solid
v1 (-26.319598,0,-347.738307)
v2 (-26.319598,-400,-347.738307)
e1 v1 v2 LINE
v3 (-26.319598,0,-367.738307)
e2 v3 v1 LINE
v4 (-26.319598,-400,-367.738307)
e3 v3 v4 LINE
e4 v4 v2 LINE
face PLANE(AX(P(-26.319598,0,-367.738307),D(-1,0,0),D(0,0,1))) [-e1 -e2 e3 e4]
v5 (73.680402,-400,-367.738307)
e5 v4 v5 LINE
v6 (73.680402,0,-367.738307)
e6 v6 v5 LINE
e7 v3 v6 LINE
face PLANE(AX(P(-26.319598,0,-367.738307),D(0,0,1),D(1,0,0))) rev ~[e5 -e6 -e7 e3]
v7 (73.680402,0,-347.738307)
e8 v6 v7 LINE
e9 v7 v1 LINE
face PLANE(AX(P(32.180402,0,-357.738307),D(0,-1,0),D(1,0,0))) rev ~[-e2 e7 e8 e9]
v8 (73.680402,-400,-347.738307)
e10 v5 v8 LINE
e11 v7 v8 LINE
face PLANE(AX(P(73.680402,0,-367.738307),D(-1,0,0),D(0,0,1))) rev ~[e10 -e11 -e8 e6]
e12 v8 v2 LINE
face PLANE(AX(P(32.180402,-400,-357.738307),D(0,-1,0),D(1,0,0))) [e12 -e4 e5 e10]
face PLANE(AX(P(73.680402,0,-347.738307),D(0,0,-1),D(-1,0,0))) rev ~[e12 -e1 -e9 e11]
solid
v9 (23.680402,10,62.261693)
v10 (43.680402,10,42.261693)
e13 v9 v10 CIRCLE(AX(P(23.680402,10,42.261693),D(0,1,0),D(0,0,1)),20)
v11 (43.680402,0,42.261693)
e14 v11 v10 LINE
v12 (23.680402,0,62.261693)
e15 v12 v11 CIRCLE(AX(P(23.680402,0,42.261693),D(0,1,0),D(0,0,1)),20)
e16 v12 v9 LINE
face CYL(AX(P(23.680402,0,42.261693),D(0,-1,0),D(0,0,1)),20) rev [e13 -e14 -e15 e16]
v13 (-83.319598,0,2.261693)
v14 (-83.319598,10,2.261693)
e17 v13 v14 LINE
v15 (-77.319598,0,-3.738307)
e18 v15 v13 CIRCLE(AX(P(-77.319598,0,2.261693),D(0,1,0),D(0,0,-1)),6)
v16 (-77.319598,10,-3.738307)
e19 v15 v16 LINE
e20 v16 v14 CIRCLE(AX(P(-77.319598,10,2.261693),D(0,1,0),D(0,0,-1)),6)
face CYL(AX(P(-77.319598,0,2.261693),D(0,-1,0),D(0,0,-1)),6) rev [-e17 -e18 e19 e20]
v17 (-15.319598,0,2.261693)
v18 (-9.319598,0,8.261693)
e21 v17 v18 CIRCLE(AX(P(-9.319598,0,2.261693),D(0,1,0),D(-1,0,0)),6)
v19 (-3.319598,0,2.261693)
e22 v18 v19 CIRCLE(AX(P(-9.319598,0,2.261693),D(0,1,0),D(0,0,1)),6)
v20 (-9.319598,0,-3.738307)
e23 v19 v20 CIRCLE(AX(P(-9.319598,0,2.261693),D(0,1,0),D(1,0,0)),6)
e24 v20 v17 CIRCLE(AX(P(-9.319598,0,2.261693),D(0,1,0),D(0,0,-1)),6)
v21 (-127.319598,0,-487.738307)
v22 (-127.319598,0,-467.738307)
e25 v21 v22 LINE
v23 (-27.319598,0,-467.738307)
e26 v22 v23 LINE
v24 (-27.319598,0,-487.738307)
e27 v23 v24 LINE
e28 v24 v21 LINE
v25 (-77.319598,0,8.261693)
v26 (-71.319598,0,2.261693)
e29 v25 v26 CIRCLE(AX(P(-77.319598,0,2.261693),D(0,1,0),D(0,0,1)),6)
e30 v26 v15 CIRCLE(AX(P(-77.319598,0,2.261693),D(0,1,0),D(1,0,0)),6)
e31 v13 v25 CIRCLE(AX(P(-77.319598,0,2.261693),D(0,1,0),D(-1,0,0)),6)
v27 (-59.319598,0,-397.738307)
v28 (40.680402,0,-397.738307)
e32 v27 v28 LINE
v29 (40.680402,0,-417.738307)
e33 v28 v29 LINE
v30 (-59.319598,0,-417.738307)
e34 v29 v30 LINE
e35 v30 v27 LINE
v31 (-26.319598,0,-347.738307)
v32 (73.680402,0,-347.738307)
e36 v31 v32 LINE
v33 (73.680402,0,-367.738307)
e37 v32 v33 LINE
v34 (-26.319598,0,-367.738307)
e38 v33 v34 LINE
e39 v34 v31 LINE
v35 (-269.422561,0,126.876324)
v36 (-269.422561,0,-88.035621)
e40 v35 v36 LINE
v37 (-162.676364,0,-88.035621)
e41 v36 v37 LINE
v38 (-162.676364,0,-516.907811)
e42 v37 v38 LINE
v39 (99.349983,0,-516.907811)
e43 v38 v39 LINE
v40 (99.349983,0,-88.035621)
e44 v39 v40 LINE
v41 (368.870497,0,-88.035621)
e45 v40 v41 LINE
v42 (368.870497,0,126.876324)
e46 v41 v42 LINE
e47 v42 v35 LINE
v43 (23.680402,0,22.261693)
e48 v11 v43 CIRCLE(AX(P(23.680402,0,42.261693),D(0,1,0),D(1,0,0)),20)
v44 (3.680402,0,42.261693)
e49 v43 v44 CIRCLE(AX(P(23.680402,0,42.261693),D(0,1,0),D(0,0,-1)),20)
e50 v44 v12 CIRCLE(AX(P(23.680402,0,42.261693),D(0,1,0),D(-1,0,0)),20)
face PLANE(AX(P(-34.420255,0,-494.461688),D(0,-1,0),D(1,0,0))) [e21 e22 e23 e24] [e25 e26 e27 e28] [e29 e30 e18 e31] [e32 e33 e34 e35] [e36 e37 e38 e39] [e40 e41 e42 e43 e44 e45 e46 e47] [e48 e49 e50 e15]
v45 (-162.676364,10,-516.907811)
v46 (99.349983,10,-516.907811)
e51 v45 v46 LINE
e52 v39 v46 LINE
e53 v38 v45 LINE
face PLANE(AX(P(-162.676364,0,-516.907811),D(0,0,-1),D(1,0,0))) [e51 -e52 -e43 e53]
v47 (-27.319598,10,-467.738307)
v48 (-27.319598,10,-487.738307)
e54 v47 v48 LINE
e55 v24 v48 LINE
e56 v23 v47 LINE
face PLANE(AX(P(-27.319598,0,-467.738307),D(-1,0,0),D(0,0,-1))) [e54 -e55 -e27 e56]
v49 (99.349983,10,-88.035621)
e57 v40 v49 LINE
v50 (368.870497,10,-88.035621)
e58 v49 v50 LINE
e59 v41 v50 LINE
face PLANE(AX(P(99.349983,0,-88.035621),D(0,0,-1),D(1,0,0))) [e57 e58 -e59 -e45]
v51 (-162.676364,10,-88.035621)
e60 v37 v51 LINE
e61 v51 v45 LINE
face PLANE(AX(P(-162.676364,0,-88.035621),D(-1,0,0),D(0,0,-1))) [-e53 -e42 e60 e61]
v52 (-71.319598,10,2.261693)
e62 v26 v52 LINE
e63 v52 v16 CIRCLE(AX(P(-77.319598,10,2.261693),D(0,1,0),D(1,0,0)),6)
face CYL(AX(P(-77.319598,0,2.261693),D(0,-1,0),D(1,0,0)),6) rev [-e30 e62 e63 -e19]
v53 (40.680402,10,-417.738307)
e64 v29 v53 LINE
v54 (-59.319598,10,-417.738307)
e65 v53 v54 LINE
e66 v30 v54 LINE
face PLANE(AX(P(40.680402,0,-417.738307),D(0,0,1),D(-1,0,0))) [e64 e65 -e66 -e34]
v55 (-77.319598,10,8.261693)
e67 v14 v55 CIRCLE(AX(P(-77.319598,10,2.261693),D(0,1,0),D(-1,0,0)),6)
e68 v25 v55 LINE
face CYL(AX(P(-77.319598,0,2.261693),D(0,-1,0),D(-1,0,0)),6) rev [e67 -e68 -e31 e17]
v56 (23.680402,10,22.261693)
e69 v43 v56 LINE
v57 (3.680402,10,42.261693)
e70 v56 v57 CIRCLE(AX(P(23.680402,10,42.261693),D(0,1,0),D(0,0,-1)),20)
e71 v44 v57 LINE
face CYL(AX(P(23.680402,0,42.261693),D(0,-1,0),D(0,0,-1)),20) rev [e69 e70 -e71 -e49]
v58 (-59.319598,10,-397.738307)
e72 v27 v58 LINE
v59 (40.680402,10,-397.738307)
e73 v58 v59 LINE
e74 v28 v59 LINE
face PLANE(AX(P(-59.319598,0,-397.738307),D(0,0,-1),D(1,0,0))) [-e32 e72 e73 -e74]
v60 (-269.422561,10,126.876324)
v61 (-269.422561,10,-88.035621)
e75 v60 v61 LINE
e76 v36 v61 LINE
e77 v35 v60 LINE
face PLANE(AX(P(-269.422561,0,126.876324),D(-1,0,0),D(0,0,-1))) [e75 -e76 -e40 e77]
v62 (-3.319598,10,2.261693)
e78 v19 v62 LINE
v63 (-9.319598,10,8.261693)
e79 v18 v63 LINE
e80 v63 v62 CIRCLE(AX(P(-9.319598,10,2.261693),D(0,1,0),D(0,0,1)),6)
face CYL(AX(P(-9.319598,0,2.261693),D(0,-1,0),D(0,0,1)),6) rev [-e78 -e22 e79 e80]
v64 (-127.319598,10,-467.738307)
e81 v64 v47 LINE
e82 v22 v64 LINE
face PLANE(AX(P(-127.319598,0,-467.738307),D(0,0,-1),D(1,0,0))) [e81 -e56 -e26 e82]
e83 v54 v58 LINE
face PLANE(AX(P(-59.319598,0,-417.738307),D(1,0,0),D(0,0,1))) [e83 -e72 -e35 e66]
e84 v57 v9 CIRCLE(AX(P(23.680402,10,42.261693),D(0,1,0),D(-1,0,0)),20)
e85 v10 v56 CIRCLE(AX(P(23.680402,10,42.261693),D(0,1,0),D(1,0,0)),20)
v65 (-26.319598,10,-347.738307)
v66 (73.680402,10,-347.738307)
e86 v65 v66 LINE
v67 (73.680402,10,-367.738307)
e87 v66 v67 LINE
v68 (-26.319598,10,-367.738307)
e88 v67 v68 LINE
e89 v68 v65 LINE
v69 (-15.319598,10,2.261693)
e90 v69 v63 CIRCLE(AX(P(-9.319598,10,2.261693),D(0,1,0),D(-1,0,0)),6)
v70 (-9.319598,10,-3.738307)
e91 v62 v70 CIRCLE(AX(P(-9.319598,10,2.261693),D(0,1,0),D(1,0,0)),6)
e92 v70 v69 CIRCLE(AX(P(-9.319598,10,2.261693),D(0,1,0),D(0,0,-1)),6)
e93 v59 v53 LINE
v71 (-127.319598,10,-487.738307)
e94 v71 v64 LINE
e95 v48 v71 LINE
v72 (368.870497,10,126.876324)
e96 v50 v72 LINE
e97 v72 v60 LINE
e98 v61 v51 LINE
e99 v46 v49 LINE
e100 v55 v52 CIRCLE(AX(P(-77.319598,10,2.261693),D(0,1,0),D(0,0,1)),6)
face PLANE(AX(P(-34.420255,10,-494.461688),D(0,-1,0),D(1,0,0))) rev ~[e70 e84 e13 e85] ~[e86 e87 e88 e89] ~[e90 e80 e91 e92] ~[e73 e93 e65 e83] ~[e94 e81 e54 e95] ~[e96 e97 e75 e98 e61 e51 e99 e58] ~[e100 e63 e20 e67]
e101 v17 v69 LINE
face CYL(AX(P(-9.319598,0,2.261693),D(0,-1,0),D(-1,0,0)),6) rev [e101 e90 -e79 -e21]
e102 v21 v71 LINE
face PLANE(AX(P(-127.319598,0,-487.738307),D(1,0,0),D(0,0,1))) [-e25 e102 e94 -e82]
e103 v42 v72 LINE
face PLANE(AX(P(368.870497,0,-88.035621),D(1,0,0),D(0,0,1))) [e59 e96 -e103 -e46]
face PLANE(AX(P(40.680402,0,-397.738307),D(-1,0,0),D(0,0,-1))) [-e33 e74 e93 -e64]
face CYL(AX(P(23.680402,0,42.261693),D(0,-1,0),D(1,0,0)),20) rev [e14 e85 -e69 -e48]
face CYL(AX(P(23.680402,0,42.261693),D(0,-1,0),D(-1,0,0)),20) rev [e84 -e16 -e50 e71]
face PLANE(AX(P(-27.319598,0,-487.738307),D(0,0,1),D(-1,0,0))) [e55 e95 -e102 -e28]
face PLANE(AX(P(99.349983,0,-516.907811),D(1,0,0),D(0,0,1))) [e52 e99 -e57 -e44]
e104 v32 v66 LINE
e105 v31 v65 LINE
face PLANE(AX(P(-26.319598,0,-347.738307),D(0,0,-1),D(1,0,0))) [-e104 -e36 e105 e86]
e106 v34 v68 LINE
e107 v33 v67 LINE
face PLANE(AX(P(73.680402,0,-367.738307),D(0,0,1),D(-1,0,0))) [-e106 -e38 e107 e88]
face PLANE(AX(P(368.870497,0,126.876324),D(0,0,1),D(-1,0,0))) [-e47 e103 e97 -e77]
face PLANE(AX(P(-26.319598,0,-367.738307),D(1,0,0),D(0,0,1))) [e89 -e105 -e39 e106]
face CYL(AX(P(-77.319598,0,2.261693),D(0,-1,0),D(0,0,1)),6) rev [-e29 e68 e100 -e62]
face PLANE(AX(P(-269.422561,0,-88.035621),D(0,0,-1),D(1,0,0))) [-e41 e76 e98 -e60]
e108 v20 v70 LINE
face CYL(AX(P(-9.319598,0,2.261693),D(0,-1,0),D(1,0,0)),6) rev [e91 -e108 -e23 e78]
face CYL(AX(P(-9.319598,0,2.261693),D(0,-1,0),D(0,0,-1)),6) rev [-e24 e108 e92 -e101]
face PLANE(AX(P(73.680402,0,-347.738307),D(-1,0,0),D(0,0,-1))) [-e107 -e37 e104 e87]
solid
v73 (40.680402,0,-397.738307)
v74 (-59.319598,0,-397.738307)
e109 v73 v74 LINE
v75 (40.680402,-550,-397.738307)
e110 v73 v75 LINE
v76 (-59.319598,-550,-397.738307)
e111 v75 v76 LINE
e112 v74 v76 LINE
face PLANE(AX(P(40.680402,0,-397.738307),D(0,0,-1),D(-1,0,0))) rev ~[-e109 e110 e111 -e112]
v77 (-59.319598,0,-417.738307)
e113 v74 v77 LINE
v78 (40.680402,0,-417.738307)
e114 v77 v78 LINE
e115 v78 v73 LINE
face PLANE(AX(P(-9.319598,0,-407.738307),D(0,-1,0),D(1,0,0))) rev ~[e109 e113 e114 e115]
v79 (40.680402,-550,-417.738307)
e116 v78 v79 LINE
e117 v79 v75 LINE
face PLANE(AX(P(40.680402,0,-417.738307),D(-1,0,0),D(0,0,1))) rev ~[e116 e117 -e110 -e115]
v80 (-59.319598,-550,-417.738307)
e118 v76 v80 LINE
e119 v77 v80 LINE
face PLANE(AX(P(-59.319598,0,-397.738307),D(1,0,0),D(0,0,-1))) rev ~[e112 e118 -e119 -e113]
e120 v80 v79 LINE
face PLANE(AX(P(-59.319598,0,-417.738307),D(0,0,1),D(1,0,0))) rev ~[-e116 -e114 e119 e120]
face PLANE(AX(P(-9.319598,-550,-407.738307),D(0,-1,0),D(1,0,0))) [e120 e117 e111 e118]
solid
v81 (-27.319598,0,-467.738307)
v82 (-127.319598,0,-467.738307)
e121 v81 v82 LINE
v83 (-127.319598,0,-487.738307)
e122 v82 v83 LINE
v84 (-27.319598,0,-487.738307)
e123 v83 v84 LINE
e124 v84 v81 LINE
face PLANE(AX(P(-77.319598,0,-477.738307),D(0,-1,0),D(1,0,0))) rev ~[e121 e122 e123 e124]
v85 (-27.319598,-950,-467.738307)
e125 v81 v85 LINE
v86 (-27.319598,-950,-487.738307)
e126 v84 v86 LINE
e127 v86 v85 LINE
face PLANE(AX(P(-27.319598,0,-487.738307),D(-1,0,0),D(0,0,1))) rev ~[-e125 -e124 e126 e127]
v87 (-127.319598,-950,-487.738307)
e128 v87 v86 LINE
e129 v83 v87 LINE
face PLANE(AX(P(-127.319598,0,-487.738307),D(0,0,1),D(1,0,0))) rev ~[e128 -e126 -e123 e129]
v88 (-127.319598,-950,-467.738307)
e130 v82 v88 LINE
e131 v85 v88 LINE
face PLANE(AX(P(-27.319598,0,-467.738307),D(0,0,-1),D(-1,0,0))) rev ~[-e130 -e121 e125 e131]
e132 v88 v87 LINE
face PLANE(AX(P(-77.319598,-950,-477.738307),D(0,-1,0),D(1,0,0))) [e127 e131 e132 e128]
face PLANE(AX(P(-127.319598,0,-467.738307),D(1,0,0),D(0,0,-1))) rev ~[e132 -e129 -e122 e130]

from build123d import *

# Parameters (mm, degrees)
F0_W     = 33
F0_H     = 259.7026857734
F1_DEPTH = 10
F0_W_2   = 17
F0_H_2   = 20
F2_DEPTH = 400
F3_DEPTH = 550
F4_DEPTH = 950


with BuildPart() as f1:
    # F0 (on Front) → F1 (new body)
    with BuildSketch(Plane.XZ):
        Polygon((-127.319598034, -467.7383065224), (-162.6763641834, -467.7383065224), (-162.6763641834, -516.9078111649), (99.3499830365, -516.9078111649), (99.3499830365, -467.7383065224), (-27.319598034, -467.7383065224), (-27.319598034, -487.7383065224), (-127.319598034, -487.7383065224), align=None)
        Polygon((99.3499830365, -88.035620749), (23.680401966, -88.035620749), (23.680401966, -347.7383065224), (73.680401966, -347.7383065224), (99.3499830365, -347.7383065224), align=None)
        Polygon((-77.319598034, -347.7383065224), (-77.319598034, -88.035620749), (-162.6763641834, -88.035620749), (-162.6763641834, -397.7383065224), (-77.319598034, -397.7383065224), align=None)
        Polygon((-77.319598034, -397.7383065224), (-162.6763641834, -397.7383065224), (-162.6763641834, -467.7383065224), (-127.319598034, -467.7383065224), (-77.319598034, -467.7383065224), align=None)
        Polygon((99.3499830365, -347.7383065224), (73.680401966, -347.7383065224), (73.680401966, -367.7383065224), (-9.319598034, -367.7383065224), (-9.319598034, -397.7383065224), (40.680401966, -397.7383065224), (99.3499830365, -397.7383065224), align=None)
        Polygon((-59.319598034, -397.7383065224), (-77.319598034, -397.7383065224), (-77.319598034, -467.7383065224), (-27.319598034, -467.7383065224), (99.3499830365, -467.7383065224), (99.3499830365, -397.7383065224), (40.680401966, -397.7383065224), (40.680401966, -417.7383065224), (-59.319598034, -417.7383065224), align=None)
        with BuildLine():
            Line((-77.319598034, 8.2616934776), (-77.319598034, 42.2616934776))
            Line((-77.319598034, 42.2616934776), (-9.319598034, 42.2616934776))
            Line((-9.319598034, 42.2616934776), (3.680401966, 42.2616934776))
            ThreePointArc((3.680401966, 42.2616934776), (9.5382663422, 56.4038291014), (23.680401966, 62.2616934776))
            ThreePointArc((23.680401966, 62.2616934776), (37.8225375897, 56.4038291014), (43.680401966, 42.2616934776))
            ThreePointArc((43.680401966, 42.2616934776), (37.8225375897, 28.1195578539), (23.680401966, 22.2616934776))
            Line((23.680401966, 22.2616934776), (23.680401966, 2.2616934776))
            Line((23.680401966, 2.2616934776), (23.680401966, -88.035620749))
            Line((23.680401966, -88.035620749), (99.3499830365, -88.035620749))
            Line((99.3499830365, -88.035620749), (368.8704967499, -88.035620749))
            Line((368.8704967499, -88.035620749), (368.8704967499, 126.8763244152))
            Line((368.8704967499, 126.8763244152), (-269.4225609303, 126.8763244152))
            Line((-269.4225609303, 126.8763244152), (-269.4225609303, -88.035620749))
            Line((-269.4225609303, -88.035620749), (-162.6763641834, -88.035620749))
            Line((-162.6763641834, -88.035620749), (-77.319598034, -88.035620749))
            Line((-77.319598034, -88.035620749), (-77.319598034, -3.7383065224))
            ThreePointArc((-77.319598034, -3.7383065224), (-81.5622387211, -1.9809472095), (-83.319598034, 2.2616934776))
            ThreePointArc((-83.319598034, 2.2616934776), (-81.5622387211, 6.5043341647), (-77.319598034, 8.2616934776))
        make_face()
        with BuildLine():
            Line((-9.319598034, 42.2616934776), (-77.319598034, 42.2616934776))
            Line((-77.319598034, 42.2616934776), (-77.319598034, 8.2616934776))
            ThreePointArc((-77.319598034, 8.2616934776), (-73.0769573469, 6.5043341647), (-71.319598034, 2.2616934776))
            Line((-71.319598034, 2.2616934776), (-15.319598034, 2.2616934776))
            ThreePointArc((-15.319598034, 2.2616934776), (-13.5622387211, 6.5043341647), (-9.319598034, 8.2616934776))
            Line((-9.319598034, 8.2616934776), (-9.319598034, 42.2616934776))
        make_face()
        with BuildLine():
            Line((3.680401966, 42.2616934776), (-9.319598034, 42.2616934776))
            Line((-9.319598034, 42.2616934776), (-9.319598034, 8.2616934776))
            ThreePointArc((-9.319598034, 8.2616934776), (-5.0769573469, 6.5043341647), (-3.319598034, 2.2616934776))
            Line((-3.319598034, 2.2616934776), (23.680401966, 2.2616934776))
            Line((23.680401966, 2.2616934776), (23.680401966, 22.2616934776))
            ThreePointArc((23.680401966, 22.2616934776), (9.5382663422, 28.1195578539), (3.680401966, 42.2616934776))
        make_face()
        with BuildLine():
            Line((23.680401966, 2.2616934776), (-3.319598034, 2.2616934776))
            ThreePointArc((-3.319598034, 2.2616934776), (-5.0769573469, -1.9809472095), (-9.319598034, -3.7383065224))
            Line((-9.319598034, -3.7383065224), (-9.319598034, -88.035620749))
            Line((-9.319598034, -88.035620749), (23.680401966, -88.035620749))
            Line((23.680401966, -88.035620749), (23.680401966, 2.2616934776))
        make_face()
        with BuildLine():
            Line((-15.319598034, 2.2616934776), (-71.319598034, 2.2616934776))
            ThreePointArc((-71.319598034, 2.2616934776), (-73.0769573469, -1.9809472095), (-77.319598034, -3.7383065224))
            Line((-77.319598034, -3.7383065224), (-77.319598034, -88.035620749))
            Line((-77.319598034, -88.035620749), (-9.319598034, -88.035620749))
            Line((-9.319598034, -88.035620749), (-9.319598034, -3.7383065224))
            ThreePointArc((-9.319598034, -3.7383065224), (-13.5622387211, -1.9809472095), (-15.319598034, 2.2616934776))
        make_face()
        Polygon((-9.319598034, -88.035620749), (-77.319598034, -88.035620749), (-77.319598034, -347.7383065224), (-26.319598034, -347.7383065224), (-9.319598034, -347.7383065224), align=None)
        with Locations((7.180401966, -217.8869636357)):
            Rectangle(F0_W, F0_H)
        Polygon((-26.319598034, -347.7383065224), (-77.319598034, -347.7383065224), (-77.319598034, -397.7383065224), (-59.319598034, -397.7383065224), (-9.319598034, -397.7383065224), (-9.319598034, -367.7383065224), (-26.319598034, -367.7383065224), align=None)
    extrude(amount=-F1_DEPTH)


with BuildPart() as f2:
    # F0 (on Front) → F2 (new body)
    with BuildSketch(Plane.XZ):
        Polygon((73.680401966, -347.7383065224), (23.680401966, -347.7383065224), (-9.319598034, -347.7383065224), (-9.319598034, -367.7383065224), (73.680401966, -367.7383065224), align=None)
        with Locations((-17.819598034, -357.7383065224)):
            Rectangle(F0_W_2, F0_H_2)
    extrude(amount=F2_DEPTH)


with BuildPart() as f3:
    # F0 (on Front) → F3 (new body)
    with BuildSketch(Plane.XZ):
        Polygon((-9.319598034, -397.7383065224), (-59.319598034, -397.7383065224), (-59.319598034, -417.7383065224), (40.680401966, -417.7383065224), (40.680401966, -397.7383065224), align=None)
    extrude(amount=F3_DEPTH)


with BuildPart() as f4:
    # F0 (on Front) → F4 (new body)
    with BuildSketch(Plane.XZ):
        Polygon((-27.319598034, -467.7383065224), (-77.319598034, -467.7383065224), (-127.319598034, -467.7383065224), (-127.319598034, -487.7383065224), (-27.319598034, -487.7383065224), align=None)
    extrude(amount=F4_DEPTH)


solid = Compound([f1.part, f2.part, f3.part, f4.part])
